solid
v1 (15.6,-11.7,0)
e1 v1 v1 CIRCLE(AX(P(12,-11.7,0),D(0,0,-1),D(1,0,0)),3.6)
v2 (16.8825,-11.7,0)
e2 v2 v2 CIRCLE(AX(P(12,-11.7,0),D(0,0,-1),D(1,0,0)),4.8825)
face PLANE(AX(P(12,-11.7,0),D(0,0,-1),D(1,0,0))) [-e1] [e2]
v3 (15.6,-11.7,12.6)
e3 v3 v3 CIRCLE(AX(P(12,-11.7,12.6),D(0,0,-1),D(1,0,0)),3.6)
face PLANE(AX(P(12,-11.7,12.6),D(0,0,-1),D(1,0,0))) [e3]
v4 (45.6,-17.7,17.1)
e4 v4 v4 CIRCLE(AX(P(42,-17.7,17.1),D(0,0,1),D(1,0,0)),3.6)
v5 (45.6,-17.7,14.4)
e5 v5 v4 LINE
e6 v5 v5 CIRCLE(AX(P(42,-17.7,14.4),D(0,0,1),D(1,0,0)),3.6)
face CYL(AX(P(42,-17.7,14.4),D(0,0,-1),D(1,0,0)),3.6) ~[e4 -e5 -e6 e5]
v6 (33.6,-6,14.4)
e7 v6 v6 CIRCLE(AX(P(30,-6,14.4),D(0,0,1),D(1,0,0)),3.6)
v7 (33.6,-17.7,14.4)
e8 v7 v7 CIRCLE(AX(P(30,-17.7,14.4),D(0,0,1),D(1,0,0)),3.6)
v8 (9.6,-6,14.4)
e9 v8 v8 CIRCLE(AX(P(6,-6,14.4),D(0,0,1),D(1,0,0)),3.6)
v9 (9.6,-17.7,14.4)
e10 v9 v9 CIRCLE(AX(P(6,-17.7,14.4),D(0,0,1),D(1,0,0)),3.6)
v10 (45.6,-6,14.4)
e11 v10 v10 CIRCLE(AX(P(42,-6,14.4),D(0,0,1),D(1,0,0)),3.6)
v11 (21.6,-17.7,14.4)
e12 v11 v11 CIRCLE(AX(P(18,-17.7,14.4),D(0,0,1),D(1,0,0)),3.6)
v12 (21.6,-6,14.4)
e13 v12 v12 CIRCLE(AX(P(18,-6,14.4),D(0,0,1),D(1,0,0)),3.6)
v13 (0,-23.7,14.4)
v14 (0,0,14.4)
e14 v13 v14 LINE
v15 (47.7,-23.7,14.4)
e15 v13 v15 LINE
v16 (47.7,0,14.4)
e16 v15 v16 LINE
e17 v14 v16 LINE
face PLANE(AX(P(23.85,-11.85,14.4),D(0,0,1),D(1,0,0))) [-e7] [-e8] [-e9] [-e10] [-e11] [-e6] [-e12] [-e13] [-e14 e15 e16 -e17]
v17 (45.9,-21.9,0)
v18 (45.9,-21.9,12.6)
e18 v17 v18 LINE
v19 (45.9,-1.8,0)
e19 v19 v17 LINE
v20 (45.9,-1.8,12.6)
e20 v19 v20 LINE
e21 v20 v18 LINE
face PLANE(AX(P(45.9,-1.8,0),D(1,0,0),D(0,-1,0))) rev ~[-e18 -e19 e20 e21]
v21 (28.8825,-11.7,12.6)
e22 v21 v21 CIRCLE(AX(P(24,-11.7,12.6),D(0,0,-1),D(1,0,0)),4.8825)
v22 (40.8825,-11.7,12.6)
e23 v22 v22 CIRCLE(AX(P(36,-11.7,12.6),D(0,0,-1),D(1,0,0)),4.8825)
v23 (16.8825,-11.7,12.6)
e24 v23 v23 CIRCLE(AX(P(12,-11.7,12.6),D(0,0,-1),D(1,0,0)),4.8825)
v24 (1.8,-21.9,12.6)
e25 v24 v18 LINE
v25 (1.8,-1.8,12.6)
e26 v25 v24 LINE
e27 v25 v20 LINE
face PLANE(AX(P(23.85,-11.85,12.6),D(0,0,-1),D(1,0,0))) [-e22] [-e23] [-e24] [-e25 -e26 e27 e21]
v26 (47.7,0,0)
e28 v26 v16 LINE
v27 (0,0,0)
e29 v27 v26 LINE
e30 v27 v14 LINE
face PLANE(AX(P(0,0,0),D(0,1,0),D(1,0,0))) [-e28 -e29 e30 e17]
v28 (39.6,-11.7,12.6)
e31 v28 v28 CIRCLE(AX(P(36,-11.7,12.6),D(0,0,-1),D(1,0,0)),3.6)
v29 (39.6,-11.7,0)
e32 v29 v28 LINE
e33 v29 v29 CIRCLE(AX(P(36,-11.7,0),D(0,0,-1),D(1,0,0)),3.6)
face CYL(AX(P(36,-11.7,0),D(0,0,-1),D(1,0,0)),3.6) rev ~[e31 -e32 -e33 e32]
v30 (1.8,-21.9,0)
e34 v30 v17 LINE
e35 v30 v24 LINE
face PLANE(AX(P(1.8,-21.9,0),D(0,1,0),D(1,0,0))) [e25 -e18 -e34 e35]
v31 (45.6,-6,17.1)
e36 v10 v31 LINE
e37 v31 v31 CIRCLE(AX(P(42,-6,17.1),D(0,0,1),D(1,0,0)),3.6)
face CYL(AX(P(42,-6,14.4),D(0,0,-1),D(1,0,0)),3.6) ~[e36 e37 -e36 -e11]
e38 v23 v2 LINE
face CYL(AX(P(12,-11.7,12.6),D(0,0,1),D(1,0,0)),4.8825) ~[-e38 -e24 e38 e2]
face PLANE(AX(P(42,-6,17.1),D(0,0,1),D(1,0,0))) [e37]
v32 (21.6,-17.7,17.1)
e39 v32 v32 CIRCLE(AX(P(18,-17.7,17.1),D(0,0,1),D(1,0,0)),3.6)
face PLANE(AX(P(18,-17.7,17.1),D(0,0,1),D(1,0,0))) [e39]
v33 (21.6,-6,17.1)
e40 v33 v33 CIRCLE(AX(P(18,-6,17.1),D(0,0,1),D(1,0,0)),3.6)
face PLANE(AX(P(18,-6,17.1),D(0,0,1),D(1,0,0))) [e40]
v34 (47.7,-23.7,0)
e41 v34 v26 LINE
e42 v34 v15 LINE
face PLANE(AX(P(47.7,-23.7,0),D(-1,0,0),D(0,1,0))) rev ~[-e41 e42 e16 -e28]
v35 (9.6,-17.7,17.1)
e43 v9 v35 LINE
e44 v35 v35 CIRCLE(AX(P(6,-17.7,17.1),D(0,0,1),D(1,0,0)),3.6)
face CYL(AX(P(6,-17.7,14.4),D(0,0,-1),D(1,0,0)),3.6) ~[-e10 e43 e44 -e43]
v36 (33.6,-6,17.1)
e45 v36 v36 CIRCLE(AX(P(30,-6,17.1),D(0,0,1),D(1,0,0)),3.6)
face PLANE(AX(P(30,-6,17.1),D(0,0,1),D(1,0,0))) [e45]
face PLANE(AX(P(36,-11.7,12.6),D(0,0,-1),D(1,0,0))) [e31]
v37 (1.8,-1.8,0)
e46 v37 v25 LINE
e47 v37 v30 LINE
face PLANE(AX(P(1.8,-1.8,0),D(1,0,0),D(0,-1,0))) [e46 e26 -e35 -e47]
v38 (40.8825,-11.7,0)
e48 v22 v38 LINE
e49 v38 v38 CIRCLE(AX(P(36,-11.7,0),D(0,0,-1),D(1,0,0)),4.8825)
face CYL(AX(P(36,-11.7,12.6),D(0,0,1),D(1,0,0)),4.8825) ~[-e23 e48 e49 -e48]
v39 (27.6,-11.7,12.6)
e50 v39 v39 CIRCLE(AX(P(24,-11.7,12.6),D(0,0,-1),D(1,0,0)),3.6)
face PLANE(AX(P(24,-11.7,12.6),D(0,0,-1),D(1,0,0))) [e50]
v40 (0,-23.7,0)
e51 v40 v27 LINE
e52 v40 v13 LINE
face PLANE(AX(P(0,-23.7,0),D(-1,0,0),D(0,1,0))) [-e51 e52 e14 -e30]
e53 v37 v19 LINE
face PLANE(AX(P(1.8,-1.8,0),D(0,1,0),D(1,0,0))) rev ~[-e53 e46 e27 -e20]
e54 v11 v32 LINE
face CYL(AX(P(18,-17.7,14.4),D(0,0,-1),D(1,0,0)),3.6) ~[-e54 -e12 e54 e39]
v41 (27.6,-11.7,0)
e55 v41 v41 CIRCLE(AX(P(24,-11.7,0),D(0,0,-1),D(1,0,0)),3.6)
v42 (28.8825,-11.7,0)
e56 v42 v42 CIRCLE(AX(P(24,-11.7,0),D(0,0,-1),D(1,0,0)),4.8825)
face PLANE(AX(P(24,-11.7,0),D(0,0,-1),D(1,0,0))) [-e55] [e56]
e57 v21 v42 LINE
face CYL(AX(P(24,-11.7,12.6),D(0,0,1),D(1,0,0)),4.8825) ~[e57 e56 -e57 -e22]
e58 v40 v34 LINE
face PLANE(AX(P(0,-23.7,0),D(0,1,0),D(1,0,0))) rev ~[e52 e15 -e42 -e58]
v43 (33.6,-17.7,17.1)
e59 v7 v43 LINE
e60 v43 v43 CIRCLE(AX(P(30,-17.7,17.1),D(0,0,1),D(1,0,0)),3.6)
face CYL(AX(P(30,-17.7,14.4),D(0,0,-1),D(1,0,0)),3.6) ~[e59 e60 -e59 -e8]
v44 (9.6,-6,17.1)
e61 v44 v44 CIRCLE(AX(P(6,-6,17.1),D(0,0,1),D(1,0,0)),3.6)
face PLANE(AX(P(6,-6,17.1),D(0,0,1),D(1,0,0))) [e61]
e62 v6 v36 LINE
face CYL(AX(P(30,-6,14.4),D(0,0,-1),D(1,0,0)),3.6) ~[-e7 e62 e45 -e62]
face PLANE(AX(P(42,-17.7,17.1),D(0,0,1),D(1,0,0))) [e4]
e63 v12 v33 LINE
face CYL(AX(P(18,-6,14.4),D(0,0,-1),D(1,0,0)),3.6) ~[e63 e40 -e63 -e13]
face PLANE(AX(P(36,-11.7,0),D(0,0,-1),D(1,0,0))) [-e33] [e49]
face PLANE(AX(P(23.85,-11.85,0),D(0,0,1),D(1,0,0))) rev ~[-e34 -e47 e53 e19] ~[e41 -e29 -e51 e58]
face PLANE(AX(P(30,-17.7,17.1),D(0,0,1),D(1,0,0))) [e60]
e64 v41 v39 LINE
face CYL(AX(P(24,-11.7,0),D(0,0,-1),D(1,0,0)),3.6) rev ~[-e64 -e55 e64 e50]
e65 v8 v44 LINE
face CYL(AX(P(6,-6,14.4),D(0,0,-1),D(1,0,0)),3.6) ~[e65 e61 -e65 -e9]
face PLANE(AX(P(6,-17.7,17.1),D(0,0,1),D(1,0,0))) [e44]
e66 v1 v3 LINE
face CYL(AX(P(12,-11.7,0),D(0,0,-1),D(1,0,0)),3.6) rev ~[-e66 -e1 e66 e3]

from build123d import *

# Parameters (mm, degrees)
SKETCH_W               = 47.7
SKETCH_H               = 23.7
PAD_DEPTH              = 14.4
SKETCH001_W            = 44.1
SKETCH001_H            = 20.1
POCKET_DEPTH           = 12.6
SKETCH002_R            = 3.6
PAD001_DEPTH           = 2.7
LINEARPATTERN_COUNT    = 4
LINEARPATTERN_PITCH    = 12
SKETCH003_R            = 4.8825
PAD002_DEPTH           = 12.6
LINEARPATTERN001_COUNT = 3
LINEARPATTERN001_PITCH = 12
SKETCH004_R            = 3.6
POCKET001_DEPTH        = 12.6
LINEARPATTERN002_COUNT = 3
LINEARPATTERN002_PITCH = 12


with BuildPart() as part:
    # Sketch → Pad (new body)
    with BuildSketch(Plane.XY):
        with Locations((23.85, -11.85)):
            Rectangle(SKETCH_W, SKETCH_H)
    extrude(amount=PAD_DEPTH)

    # Sketch001 (on Face5 of Pad) → Pocket (cut)
    with BuildSketch(Plane(origin=(0, 0, 0), x_dir=(1, 0, 0), z_dir=(0, 0, -1))):
        with Locations((23.85, 11.85)):
            Rectangle(SKETCH001_W, SKETCH001_H)
    extrude(amount=-POCKET_DEPTH, mode=Mode.SUBTRACT)

    # Sketch002 (on Face5 of Pocket) → Pad001 (join)
    with BuildSketch(Plane.XY.offset(14.4)):
        with Locations((6, -6)):
            Circle(SKETCH002_R)
        with Locations((6, -17.7)):
            Circle(SKETCH002_R)
    pad001 = extrude(amount=PAD001_DEPTH)

    # LinearPattern: Pad001 ×4
    with Locations(*[(i * LINEARPATTERN_PITCH, 0, 0) for i in range(1, LINEARPATTERN_COUNT)]):
        add(pad001)

    # Sketch003 (on Face19 of LinearPattern) → Pad002 (join)
    with BuildSketch(Plane(origin=(0, 0, 12.6), x_dir=(1, 0, 0), z_dir=(0, 0, -1))):
        with Locations((12, 11.7)):
            Circle(SKETCH003_R)
    pad002 = extrude(amount=PAD002_DEPTH)

    # LinearPattern001: Pad002 ×3
    with Locations(*[(i * LINEARPATTERN001_PITCH, 0, 0) for i in range(1, LINEARPATTERN001_COUNT)]):
        add(pad002)

    # Sketch004 (on Face32 of LinearPattern001) → Pocket001 (cut)
    with BuildSketch(Plane(origin=(0, 0, 0), x_dir=(1, 0, 0), z_dir=(0, 0, -1))):
        with Locations((12, 11.7)):
            Circle(SKETCH004_R)
    pocket001 = extrude(amount=-POCKET001_DEPTH, mode=Mode.SUBTRACT)

    # LinearPattern002: Pocket001 ×3
    with Locations(*[(i * LINEARPATTERN002_PITCH, 0, 0) for i in range(1, LINEARPATTERN002_COUNT)]):
        add(pocket001, mode=Mode.SUBTRACT)


solid = part.part
